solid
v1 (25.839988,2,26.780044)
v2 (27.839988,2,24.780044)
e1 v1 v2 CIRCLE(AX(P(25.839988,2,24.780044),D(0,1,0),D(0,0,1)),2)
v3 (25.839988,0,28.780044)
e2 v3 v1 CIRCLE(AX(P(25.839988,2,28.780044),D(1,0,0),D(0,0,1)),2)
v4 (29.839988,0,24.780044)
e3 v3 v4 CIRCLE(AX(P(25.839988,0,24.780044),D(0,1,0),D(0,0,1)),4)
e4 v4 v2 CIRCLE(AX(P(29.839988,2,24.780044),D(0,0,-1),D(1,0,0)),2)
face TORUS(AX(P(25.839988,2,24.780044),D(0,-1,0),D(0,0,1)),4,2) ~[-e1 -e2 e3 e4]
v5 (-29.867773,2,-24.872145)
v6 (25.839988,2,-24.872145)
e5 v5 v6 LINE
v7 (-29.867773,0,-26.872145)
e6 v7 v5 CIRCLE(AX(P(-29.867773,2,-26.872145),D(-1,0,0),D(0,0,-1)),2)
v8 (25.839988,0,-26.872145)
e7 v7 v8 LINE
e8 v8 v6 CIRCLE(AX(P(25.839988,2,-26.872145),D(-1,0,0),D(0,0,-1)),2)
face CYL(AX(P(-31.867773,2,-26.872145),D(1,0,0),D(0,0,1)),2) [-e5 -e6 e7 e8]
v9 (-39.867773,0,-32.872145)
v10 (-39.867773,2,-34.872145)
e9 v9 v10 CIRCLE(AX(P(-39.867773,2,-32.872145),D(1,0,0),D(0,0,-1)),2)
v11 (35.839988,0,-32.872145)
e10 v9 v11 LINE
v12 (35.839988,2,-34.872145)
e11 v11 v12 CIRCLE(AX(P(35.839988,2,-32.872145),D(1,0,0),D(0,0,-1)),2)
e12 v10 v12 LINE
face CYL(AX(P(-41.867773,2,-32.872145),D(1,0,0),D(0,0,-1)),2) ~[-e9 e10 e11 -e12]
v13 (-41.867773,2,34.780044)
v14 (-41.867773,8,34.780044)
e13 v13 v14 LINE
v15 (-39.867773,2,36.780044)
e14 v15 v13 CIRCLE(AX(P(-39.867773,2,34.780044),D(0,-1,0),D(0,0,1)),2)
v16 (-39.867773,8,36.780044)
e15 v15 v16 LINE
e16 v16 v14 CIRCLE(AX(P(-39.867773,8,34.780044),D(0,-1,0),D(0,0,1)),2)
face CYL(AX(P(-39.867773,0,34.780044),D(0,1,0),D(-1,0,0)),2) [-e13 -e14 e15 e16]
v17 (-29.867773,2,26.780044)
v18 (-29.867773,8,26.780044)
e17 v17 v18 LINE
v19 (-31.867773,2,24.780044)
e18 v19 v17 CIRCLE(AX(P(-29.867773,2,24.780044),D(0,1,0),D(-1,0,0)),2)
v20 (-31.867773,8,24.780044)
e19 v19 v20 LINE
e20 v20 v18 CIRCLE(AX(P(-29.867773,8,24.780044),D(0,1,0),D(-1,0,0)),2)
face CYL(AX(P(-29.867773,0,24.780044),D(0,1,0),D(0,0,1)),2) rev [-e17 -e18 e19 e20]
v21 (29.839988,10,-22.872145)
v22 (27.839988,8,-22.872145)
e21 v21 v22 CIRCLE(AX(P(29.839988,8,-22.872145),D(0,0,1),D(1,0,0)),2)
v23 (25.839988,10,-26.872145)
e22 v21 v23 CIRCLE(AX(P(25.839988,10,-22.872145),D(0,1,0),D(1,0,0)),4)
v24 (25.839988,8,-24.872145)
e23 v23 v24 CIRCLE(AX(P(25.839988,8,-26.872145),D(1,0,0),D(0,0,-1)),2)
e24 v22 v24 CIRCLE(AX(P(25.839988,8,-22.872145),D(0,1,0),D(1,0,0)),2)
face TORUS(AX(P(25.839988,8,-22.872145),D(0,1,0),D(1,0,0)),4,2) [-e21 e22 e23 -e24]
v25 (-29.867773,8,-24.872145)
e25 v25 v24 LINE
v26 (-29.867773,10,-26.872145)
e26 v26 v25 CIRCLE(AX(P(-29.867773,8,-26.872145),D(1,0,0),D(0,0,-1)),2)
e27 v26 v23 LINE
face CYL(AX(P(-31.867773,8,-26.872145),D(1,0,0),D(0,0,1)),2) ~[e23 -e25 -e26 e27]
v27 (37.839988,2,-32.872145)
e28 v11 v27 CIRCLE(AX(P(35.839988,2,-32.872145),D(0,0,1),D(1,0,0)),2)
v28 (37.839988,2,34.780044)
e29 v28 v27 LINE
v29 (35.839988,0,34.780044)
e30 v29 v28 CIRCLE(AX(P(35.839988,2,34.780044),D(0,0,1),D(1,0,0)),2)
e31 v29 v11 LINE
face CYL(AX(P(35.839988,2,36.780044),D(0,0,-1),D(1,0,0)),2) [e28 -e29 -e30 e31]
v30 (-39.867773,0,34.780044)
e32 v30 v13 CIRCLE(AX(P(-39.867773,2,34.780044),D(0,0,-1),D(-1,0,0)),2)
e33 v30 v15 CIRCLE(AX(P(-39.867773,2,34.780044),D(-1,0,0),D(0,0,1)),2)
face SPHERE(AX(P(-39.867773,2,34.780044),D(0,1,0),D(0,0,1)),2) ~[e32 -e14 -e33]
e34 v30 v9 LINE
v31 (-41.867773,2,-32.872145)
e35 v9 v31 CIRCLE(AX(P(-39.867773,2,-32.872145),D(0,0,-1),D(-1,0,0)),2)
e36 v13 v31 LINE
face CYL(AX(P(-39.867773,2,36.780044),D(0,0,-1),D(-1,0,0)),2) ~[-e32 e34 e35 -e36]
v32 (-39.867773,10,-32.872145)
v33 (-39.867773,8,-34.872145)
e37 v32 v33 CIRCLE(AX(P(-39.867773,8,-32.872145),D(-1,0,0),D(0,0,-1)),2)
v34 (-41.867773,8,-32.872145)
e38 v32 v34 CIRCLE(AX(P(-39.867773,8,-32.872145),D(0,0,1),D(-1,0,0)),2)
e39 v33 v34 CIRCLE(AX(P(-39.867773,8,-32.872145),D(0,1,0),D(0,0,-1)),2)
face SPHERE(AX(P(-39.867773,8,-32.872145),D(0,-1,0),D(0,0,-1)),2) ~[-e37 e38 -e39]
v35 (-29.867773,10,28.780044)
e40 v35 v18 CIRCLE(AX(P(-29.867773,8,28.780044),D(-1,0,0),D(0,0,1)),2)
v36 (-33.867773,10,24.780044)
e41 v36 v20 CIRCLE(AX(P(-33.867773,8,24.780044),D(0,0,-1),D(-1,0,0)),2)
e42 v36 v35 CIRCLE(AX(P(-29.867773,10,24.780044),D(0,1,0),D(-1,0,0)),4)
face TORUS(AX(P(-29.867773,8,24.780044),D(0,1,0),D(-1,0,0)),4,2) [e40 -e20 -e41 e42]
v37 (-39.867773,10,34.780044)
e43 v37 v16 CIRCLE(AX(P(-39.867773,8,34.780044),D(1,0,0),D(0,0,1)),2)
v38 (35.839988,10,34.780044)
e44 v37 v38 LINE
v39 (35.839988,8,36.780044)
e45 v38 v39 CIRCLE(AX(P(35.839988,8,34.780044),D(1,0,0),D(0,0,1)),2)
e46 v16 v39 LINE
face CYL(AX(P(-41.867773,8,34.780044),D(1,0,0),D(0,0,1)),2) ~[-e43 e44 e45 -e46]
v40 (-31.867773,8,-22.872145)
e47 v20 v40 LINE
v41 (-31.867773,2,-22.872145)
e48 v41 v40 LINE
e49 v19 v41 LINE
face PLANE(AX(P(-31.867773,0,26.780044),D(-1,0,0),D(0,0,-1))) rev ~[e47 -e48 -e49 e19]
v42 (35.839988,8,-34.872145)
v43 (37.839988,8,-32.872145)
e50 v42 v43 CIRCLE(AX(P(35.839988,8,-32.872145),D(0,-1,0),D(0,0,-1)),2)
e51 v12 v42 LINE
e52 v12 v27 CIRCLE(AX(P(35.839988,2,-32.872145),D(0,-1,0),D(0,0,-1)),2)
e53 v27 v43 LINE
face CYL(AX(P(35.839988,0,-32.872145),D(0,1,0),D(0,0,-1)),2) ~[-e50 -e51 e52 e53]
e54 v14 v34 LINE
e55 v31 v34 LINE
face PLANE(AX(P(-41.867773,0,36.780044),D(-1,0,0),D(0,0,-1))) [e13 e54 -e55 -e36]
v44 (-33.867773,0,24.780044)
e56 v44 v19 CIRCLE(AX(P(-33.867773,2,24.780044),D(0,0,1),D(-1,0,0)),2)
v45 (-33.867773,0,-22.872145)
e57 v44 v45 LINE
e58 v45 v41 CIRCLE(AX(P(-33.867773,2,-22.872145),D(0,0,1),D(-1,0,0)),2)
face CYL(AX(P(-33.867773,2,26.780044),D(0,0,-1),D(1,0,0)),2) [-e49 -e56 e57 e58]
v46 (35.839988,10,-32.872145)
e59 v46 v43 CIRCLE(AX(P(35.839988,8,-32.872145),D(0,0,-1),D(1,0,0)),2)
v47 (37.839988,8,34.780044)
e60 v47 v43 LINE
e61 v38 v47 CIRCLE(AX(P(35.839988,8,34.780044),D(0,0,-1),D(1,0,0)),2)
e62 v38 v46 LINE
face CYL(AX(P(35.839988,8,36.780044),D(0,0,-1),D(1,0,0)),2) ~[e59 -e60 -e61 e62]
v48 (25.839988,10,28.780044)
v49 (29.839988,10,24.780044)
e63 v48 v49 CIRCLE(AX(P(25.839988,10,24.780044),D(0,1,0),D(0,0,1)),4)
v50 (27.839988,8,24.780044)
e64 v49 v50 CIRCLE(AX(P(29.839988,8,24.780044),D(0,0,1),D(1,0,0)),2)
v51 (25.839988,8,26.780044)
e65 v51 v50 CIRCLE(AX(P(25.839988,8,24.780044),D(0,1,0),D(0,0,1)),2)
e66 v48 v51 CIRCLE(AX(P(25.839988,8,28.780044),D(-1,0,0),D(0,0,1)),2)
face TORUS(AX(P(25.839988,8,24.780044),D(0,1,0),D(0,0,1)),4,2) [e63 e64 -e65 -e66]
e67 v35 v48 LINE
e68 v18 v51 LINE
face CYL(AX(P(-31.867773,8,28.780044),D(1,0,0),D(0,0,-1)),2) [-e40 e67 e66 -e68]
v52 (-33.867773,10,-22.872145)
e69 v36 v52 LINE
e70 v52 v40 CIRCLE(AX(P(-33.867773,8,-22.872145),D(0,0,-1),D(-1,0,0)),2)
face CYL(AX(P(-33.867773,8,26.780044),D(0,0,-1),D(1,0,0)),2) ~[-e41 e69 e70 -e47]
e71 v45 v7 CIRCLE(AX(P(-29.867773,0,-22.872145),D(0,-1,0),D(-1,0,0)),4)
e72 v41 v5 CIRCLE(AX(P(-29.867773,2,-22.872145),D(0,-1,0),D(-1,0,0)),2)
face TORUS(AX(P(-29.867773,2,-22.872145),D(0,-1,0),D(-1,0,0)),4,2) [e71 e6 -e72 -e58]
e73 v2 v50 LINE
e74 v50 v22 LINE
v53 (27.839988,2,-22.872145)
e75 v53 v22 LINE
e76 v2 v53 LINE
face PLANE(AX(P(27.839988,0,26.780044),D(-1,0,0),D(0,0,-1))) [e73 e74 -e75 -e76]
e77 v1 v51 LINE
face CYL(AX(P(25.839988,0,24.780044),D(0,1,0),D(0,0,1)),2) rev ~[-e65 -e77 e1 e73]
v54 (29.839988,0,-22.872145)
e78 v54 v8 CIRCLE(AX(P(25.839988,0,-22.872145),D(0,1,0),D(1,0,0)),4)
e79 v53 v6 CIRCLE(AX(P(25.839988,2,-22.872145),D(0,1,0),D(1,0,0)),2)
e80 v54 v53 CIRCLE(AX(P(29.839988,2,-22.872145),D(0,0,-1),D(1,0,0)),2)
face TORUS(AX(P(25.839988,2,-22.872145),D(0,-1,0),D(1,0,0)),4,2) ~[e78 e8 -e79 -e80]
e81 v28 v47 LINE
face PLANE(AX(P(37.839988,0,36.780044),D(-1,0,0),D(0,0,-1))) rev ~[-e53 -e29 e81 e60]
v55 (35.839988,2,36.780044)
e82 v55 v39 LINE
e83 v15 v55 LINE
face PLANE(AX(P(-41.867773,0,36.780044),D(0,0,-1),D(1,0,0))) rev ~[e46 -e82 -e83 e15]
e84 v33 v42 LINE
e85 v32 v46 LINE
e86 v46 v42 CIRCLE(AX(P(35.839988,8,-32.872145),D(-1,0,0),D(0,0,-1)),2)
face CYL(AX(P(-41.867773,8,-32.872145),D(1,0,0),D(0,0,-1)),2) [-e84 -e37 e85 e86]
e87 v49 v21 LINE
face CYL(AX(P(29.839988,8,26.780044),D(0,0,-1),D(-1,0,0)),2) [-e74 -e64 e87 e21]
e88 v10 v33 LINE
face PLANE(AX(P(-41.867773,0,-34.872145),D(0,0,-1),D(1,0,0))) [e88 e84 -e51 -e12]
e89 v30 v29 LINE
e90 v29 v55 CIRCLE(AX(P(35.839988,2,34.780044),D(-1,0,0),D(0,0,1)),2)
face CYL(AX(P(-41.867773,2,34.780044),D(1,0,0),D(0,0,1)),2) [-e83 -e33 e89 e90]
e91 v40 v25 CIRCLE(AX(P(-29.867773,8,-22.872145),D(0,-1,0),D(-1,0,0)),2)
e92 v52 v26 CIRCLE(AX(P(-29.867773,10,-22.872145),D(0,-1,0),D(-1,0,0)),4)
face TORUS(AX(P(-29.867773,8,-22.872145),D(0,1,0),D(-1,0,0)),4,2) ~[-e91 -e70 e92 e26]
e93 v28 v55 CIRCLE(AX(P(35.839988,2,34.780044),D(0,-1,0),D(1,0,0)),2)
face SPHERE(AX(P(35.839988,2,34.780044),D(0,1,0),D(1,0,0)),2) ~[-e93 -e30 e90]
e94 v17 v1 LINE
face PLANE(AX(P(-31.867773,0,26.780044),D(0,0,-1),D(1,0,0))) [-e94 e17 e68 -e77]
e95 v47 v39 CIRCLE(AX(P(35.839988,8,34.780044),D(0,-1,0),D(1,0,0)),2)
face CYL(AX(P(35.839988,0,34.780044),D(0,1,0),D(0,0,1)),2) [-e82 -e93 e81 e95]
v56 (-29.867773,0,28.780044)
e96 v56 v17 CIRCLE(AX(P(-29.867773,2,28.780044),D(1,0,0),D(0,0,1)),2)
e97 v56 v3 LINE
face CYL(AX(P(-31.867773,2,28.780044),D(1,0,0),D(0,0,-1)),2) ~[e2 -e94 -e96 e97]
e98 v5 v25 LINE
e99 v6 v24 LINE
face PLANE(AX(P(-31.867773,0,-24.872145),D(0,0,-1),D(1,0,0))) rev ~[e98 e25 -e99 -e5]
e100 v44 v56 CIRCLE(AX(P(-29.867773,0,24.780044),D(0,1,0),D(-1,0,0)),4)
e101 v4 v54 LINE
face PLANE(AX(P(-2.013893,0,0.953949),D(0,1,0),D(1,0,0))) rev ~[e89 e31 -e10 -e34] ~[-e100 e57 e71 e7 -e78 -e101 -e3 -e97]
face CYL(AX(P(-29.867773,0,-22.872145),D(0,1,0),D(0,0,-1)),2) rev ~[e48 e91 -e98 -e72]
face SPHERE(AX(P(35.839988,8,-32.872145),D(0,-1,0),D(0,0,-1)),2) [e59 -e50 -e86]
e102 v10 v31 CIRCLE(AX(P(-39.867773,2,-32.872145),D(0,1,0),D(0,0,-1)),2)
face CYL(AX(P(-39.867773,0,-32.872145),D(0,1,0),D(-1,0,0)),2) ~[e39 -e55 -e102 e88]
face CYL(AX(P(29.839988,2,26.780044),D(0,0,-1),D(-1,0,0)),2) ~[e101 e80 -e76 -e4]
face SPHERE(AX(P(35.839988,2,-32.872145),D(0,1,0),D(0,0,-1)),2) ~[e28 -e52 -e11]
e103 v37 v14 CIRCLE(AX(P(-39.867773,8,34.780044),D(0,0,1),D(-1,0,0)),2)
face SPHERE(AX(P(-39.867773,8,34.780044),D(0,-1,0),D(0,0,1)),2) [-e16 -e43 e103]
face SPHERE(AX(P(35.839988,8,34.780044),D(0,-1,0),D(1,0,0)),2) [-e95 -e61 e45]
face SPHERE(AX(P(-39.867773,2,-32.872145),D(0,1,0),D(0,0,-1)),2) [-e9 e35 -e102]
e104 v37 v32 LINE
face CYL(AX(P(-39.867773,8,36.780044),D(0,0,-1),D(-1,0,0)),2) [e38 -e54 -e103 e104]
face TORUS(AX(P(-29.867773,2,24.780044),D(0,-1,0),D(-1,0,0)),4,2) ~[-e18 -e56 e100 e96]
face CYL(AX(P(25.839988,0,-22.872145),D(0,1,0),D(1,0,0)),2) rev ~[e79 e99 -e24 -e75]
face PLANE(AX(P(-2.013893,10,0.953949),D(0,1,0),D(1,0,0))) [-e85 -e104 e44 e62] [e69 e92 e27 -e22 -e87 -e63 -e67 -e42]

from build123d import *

# Parameters (mm, degrees)
SKETCH1_W      = 79.70776103
SKETCH1_H      = 71.652189437
SKETCH1_W_2    = 59.70776103
SKETCH1_H_2    = 51.652189437
EXTRUDE1_DEPTH = 10
FILLET1_R      = 2


with BuildPart() as part:
    # Sketch1 → Extrude1 (new body)
    with BuildSketch(Plane(origin=(0, 0, 0), x_dir=(1, 0, 0), z_dir=(0, 1, 0))):
        with Locations((-2.013892898, -0.953949268)):
            Rectangle(SKETCH1_W, SKETCH1_H)
        with Locations((-2.013892898, -0.953949268)):
            Rectangle(SKETCH1_W_2, SKETCH1_H_2, mode=Mode.SUBTRACT)
    extrude(amount=EXTRUDE1_DEPTH)

    # Fillet1
    fillet1_edges = [part.edges().sort_by_distance(p)[0] for p in [
        (-41.867773413, 5, -34.872145451),
        (37.839987617, 5, -34.872145451),
        (-2.013892898, 0, -34.872145451),
        (-2.013892898, 10, -34.872145451),
        (37.839987617, 5, 36.780043986),
        (37.839987617, 0, 0.953949268),
        (37.839987617, 10, 0.953949268),
        (-41.867773413, 5, 36.780043986),
        (-2.013892898, 0, 36.780043986),
        (-2.013892898, 10, 36.780043986),
        (-41.867773413, 0, 0.953949268),
        (-41.867773413, 10, 0.953949268),
        (-31.867773413, 5, -24.872145451),
        (-31.867773413, 5, 26.780043986),
        (-31.867773413, 0, 0.953949268),
        (-31.867773413, 10, 0.953949268),
        (27.839987617, 5, 26.780043986),
        (-2.013892898, 0, 26.780043986),
        (-2.013892898, 10, 26.780043986),
        (27.839987617, 5, -24.872145451),
        (27.839987617, 0, 0.953949268),
        (27.839987617, 10, 0.953949268),
        (-2.013892898, 0, -24.872145451),
        (-2.013892898, 10, -24.872145451),
    ]]
    fillet(fillet1_edges, radius=FILLET1_R)


solid = part.part
